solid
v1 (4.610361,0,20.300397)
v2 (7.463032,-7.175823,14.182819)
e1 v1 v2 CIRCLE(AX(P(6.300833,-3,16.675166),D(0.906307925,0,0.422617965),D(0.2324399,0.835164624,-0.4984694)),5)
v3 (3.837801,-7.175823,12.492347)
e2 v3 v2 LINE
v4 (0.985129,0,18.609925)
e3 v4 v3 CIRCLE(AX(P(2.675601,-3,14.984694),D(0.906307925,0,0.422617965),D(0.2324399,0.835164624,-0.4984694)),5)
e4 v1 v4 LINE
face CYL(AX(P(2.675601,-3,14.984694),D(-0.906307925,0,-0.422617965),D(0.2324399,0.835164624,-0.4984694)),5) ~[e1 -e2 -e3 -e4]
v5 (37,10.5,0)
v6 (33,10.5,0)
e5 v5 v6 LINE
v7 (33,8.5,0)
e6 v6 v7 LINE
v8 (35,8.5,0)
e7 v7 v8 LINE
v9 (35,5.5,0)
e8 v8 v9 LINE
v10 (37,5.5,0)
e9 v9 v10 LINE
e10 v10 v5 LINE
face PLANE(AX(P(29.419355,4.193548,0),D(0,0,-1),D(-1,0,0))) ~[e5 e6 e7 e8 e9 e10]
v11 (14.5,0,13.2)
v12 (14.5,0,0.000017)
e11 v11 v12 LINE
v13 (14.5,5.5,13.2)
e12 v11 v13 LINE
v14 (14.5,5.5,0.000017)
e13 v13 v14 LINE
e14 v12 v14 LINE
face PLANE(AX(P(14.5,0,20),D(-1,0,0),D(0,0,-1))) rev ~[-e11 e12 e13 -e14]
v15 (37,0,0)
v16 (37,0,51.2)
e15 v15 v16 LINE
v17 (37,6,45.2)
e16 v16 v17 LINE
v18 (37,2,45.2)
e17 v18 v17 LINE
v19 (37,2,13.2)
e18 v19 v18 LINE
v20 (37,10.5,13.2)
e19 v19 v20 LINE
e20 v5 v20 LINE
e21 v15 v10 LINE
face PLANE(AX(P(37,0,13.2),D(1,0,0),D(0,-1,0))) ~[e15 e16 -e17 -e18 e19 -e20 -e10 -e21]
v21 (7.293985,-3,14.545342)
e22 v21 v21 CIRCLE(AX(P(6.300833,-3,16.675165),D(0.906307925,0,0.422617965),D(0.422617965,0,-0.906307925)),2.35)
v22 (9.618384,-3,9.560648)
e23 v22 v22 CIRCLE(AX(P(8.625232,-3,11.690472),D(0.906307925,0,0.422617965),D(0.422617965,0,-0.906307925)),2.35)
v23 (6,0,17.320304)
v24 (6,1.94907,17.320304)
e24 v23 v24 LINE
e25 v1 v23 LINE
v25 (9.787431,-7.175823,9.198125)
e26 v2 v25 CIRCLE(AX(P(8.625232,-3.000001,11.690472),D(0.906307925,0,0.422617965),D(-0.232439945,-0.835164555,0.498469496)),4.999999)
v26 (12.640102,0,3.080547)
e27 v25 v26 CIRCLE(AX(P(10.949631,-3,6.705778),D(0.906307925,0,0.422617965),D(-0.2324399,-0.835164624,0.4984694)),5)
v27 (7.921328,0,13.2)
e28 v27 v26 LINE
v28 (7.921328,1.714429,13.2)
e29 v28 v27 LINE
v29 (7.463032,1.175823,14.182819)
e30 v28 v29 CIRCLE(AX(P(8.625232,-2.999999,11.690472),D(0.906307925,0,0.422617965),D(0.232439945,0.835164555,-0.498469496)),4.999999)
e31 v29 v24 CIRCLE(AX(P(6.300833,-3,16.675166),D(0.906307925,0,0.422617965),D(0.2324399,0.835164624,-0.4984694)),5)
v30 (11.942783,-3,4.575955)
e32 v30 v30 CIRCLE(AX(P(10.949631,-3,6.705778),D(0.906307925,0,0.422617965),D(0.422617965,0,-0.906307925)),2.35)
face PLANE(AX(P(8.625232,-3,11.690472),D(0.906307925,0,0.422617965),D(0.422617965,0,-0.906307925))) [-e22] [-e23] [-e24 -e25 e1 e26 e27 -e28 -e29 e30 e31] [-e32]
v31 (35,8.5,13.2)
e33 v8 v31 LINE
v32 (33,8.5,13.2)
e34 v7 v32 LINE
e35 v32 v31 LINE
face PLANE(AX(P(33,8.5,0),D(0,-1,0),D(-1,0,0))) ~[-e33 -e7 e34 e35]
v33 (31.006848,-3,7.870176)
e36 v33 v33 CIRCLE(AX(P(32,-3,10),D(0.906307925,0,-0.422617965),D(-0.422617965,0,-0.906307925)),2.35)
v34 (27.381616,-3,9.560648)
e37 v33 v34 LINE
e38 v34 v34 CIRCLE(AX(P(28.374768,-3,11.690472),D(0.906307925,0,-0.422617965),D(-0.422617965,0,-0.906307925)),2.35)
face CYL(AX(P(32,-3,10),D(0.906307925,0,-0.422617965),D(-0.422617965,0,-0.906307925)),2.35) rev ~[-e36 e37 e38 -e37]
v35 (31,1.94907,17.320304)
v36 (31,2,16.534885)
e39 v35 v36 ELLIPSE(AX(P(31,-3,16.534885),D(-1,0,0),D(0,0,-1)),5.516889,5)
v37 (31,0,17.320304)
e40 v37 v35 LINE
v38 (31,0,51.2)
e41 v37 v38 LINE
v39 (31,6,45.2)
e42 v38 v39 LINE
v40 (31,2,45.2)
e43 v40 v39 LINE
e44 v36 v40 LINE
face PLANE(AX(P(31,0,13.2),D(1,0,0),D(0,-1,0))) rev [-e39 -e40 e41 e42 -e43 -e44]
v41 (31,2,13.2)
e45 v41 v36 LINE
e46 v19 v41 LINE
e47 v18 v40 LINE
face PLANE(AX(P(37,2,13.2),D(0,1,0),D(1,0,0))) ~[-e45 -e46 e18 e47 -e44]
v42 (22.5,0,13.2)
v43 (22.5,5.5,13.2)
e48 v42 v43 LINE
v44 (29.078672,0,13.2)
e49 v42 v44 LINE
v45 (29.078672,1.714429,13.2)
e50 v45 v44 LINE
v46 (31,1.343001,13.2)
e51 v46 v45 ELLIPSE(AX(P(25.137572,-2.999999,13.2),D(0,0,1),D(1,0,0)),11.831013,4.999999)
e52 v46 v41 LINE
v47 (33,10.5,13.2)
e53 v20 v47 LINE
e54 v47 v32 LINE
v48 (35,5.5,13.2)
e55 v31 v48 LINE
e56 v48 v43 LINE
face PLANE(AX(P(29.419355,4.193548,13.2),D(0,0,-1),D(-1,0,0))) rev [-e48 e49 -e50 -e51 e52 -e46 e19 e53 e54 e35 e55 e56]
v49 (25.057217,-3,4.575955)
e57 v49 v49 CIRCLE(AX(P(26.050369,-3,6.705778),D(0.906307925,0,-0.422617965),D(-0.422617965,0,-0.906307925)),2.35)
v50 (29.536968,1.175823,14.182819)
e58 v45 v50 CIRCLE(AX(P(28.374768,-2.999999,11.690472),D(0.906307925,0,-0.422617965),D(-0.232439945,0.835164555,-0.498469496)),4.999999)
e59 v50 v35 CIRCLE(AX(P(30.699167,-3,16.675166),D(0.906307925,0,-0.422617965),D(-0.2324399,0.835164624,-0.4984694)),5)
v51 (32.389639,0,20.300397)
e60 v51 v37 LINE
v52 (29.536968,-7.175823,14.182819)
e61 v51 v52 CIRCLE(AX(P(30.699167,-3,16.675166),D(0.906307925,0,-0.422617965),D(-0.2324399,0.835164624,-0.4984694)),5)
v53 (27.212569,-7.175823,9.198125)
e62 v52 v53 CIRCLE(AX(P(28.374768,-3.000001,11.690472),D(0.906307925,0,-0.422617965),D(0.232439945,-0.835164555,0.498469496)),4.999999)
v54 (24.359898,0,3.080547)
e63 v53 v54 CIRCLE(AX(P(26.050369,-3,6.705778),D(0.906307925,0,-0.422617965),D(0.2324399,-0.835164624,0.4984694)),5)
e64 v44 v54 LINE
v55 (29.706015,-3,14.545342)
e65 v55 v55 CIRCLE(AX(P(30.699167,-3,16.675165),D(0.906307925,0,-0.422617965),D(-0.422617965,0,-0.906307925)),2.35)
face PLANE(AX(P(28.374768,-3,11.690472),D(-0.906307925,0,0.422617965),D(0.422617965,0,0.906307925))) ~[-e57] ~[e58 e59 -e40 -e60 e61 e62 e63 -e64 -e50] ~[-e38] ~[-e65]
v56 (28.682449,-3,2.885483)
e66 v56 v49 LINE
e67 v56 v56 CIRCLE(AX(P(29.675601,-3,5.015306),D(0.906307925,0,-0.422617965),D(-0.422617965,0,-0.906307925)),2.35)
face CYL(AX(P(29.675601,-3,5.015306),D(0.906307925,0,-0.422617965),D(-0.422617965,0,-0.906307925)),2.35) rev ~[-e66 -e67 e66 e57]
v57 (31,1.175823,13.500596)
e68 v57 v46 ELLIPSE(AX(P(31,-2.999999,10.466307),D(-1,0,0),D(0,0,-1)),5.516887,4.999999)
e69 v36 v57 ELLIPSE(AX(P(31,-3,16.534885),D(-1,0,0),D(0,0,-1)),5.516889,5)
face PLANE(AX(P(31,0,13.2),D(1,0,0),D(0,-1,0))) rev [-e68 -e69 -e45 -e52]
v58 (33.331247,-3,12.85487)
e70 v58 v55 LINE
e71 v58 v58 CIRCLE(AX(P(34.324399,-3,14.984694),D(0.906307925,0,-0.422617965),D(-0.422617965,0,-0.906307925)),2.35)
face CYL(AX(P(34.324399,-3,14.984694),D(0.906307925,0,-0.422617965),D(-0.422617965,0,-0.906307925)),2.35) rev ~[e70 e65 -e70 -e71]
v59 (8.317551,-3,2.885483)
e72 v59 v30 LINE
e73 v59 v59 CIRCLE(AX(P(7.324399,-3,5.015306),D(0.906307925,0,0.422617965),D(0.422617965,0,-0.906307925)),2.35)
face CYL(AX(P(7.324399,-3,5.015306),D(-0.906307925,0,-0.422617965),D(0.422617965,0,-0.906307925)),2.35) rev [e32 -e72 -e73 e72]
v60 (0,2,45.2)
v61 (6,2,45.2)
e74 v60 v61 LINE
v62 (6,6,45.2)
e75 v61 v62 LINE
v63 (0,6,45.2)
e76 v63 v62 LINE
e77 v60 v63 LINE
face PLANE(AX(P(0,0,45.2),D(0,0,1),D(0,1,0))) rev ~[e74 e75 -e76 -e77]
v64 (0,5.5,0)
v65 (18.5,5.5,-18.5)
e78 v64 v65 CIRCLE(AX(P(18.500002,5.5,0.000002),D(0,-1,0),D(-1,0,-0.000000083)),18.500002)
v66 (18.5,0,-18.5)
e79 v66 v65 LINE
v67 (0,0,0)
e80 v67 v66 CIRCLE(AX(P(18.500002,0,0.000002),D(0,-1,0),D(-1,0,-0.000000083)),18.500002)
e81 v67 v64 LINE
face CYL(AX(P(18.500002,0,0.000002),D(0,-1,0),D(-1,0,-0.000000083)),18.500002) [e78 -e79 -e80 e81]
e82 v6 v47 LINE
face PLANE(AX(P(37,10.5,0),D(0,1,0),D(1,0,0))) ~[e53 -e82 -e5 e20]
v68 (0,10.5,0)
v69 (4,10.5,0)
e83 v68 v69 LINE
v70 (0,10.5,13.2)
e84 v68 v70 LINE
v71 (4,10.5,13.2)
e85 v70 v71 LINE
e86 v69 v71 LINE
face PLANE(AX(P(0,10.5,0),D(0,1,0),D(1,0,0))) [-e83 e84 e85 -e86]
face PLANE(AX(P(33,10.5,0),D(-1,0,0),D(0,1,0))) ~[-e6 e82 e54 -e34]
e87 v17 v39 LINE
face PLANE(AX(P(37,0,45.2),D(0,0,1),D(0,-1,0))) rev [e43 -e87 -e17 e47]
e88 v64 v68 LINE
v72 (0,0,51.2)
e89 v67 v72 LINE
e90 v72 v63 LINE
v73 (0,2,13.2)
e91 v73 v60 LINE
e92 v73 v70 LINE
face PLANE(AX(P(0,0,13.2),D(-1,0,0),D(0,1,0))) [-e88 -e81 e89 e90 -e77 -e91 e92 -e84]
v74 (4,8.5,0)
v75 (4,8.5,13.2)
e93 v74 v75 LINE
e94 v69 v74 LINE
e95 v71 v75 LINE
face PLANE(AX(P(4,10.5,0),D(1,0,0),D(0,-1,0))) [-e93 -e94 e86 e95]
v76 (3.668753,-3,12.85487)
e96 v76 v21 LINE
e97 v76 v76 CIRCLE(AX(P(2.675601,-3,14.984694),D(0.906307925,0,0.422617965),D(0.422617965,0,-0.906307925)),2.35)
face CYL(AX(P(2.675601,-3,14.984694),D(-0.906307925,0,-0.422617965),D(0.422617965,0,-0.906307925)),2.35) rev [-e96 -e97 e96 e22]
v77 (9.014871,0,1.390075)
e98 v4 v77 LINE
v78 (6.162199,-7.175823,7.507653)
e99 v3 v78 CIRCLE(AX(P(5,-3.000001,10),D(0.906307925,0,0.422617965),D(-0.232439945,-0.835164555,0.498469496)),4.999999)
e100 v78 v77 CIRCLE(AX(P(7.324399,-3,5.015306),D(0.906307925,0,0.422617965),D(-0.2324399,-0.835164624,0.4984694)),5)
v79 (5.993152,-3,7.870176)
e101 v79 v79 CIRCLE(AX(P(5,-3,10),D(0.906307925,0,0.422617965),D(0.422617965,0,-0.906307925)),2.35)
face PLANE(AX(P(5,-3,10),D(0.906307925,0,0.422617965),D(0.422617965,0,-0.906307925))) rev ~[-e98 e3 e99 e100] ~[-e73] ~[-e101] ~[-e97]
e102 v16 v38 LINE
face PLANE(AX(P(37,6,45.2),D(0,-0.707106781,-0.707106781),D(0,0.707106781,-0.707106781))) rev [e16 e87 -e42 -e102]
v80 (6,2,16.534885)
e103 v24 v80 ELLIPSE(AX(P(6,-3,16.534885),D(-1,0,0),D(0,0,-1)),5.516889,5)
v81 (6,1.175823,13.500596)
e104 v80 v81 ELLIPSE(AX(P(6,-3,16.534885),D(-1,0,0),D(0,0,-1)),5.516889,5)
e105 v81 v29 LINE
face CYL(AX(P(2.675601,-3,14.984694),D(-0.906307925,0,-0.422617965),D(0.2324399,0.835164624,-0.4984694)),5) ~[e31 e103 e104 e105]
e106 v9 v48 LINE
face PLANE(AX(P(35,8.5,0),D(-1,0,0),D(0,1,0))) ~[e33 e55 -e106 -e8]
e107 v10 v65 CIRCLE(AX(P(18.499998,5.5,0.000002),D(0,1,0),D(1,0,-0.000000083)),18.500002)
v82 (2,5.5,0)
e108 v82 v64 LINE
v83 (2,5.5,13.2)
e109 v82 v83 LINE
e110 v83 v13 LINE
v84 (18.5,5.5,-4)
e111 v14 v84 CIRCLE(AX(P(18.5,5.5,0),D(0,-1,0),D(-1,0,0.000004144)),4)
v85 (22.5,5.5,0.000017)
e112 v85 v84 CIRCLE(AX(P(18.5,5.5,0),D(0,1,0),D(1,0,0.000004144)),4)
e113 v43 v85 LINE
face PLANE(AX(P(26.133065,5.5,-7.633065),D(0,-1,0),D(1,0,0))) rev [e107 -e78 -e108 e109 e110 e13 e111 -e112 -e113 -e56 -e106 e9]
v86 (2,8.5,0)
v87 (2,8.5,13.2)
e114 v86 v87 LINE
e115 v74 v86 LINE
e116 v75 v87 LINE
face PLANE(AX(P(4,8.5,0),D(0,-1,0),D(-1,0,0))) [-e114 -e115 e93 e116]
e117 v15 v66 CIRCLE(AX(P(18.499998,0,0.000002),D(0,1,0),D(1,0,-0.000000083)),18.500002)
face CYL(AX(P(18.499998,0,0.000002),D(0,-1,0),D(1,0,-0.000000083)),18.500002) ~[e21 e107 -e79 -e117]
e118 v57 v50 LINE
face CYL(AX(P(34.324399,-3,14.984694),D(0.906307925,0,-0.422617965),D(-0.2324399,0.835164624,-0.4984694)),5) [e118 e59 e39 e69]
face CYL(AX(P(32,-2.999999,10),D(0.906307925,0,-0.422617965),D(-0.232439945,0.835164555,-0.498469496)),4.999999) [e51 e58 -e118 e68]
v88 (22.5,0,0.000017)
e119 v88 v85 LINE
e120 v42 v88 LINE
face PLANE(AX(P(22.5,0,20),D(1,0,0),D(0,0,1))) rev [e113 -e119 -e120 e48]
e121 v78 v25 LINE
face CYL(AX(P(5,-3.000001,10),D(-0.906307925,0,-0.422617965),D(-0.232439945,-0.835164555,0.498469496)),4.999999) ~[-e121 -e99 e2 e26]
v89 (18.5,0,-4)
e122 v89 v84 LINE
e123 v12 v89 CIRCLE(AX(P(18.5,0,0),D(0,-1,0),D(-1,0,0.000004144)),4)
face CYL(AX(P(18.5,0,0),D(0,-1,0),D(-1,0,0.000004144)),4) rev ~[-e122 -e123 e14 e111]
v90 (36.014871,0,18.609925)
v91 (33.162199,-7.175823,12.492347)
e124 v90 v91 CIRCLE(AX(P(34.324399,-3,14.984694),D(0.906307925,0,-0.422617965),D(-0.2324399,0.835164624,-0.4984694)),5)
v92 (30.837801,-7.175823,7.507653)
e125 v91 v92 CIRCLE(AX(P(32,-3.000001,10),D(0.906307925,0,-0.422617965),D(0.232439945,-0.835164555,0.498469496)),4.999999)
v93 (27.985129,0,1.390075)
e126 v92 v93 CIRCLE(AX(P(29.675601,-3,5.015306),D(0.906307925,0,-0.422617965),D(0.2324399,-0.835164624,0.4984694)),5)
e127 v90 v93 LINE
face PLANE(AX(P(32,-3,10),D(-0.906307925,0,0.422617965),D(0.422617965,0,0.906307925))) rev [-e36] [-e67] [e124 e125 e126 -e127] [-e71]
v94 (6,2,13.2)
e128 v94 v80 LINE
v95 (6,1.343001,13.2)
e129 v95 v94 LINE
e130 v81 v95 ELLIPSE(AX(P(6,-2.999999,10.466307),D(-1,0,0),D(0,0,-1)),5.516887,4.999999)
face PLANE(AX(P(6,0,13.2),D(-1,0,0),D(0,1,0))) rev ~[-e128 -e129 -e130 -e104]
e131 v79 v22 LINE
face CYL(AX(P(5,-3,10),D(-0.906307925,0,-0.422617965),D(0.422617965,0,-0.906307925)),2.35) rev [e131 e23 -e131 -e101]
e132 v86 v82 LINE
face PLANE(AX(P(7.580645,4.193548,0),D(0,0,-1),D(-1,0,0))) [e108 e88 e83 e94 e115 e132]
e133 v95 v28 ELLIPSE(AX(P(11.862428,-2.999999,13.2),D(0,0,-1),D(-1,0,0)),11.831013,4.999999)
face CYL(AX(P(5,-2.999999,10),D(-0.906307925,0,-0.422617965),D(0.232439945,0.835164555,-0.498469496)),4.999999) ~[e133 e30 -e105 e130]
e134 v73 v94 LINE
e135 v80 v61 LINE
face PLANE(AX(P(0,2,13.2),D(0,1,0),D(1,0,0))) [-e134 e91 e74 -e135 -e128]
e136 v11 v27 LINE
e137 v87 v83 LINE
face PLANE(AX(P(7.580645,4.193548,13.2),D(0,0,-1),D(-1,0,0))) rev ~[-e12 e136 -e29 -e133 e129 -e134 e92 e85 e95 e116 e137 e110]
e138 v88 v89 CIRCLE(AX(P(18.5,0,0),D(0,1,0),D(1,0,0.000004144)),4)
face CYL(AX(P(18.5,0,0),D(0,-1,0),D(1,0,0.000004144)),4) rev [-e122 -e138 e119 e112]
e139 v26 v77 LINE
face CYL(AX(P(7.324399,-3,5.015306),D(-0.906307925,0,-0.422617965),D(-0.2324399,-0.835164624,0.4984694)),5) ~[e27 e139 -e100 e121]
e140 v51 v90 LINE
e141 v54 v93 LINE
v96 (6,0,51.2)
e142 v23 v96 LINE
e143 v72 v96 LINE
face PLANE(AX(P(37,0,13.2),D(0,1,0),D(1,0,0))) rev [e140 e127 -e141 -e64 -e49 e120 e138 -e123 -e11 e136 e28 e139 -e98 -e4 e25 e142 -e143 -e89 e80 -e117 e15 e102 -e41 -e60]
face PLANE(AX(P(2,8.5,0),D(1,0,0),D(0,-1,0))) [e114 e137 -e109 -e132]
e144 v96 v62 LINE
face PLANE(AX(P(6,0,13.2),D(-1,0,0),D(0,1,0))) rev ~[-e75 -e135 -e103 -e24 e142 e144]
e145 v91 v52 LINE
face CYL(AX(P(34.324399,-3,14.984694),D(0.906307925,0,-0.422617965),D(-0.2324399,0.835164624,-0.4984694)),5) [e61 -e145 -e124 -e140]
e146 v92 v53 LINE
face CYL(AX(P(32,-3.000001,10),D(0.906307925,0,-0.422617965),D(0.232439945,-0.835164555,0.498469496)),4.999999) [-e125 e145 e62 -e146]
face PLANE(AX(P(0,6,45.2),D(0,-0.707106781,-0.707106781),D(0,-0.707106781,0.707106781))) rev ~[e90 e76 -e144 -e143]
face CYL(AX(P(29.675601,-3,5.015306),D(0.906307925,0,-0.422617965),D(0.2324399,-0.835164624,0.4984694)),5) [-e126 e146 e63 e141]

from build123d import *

# Parameters (mm, degrees)
SKETCH002_R  = 2.35
PAD005_DEPTH = 4
PAD002_DEPTH = 8
PAD001_DEPTH = 5.5
PAD_DEPTH    = 13.2
SKETCH005_W  = 6
SKETCH005_H  = 2
PAD003_DEPTH = 38
PAD004_DEPTH = 6
POCKET_DEPTH = 6


with BuildPart() as pad005:
    # Sketch002 → Pad005 (new body)
    with BuildSketch(Plane(origin=(5, -3, 10), x_dir=(0.422618, 0, -0.906308), z_dir=(0.906308, 0, 0.422618))):
        with BuildLine():
            ThreePointArc((-2.75, 4.175823), (-10.5, 0), (-2.75, -4.175823))
            ThreePointArc((-2.75, -4.175823), (0, -5), (2.75, -4.175823))
            ThreePointArc((2.75, -4.175823), (10.5, 0), (2.75, 4.175823))
            ThreePointArc((2.75, 4.175823), (0, 5), (-2.75, 4.175823))
        make_face()
        with Locations((-5.5, 0)):
            Circle(SKETCH002_R, mode=Mode.SUBTRACT)
        Circle(SKETCH002_R, mode=Mode.SUBTRACT)
        with Locations((5.5, 0)):
            Circle(SKETCH002_R, mode=Mode.SUBTRACT)
    extrude(amount=PAD005_DEPTH)


with BuildPart() as pad002:
    # Sketch004 → Pad002 (new body)
    with BuildSketch(Plane.XZ):
        with BuildLine():
            Line((14.5, 20), (18.5, 20))
            Line((18.5, 20), (18.5, -4))
            ThreePointArc((14.5, 1.7e-05), (15.671567, -2.828421), (18.5, -4))
            Line((14.5, 20), (14.5, 1.7e-05))
        make_face()
    extrude(amount=-PAD002_DEPTH)


with BuildPart() as pad001:
    # Sketch001 → Pad001 (new body)
    with BuildSketch(Plane.XZ):
        with BuildLine():
            ThreePointArc((0, 0), (5.418525, -13.081475), (18.5, -18.5))
            Line((18.5, 0), (18.5, -18.5))
            Line((18.5, 0), (0, 0))
        make_face()
    extrude(amount=-PAD001_DEPTH)


with BuildPart() as fusion001:
    # Sketch → Pad (new body)
    with BuildSketch(Plane.XY):
        Polygon((2, 5.5), (18.5, 5.5), (18.5, 0), (0, 0), (0, 10.5), (4, 10.5), (4, 8.5), (2, 8.5), align=None)
    extrude(amount=PAD_DEPTH)

    # Fusion: union Pad001
    add(pad001.part)

    # Cut: cut Pad002
    add(pad002.part, mode=Mode.SUBTRACT)

    # Sketch005 → Pad003 (new body)
    with BuildSketch(Plane.XY.offset(13.2)):
        with Locations((3, 1)):
            Rectangle(SKETCH005_W, SKETCH005_H)
    extrude(amount=PAD003_DEPTH)

    # Sketch006 → Pad004 (new body)
    with BuildSketch(Plane(origin=(0, 0, 0), x_dir=(0, -1, 0), z_dir=(-1, 0, 0))):
        Polygon((0, 51.2), (0, 45.2), (-6, 45.2), align=None)
    extrude(amount=-PAD004_DEPTH)

    # Sketch007 → Pocket (cut)
    with BuildSketch(Plane(origin=(0, 0, 0), x_dir=(0, -1, 0), z_dir=(-1, 0, 0))):
        Polygon((-2, 51.2), (0, 51.2), (-2, 49.2), align=None)
    extrude(amount=-POCKET_DEPTH, mode=Mode.SUBTRACT)

    # Fusion001: union Pad005
    add(pad005.part)


with BuildPart() as part_mirroring:
    # Part__Mirroring: instance of Fusion001
    add(fusion001.part.mirror(Plane(origin=(0, 0, 0), x_dir=(0, -1, 0), z_dir=(1, 0, 0))))


with BuildPart() as part_mirroring_1:
    # Part__Mirroring placement: moved
    add(part_mirroring.part.moved(Location((37, 0, 0))))


with BuildPart() as fusion002:
    # Fusion002 base: copy of Fusion001
    add(fusion001.part)

    # Fusion002: union Part__Mirroring
    add(part_mirroring_1.part)


solid = fusion002.part
